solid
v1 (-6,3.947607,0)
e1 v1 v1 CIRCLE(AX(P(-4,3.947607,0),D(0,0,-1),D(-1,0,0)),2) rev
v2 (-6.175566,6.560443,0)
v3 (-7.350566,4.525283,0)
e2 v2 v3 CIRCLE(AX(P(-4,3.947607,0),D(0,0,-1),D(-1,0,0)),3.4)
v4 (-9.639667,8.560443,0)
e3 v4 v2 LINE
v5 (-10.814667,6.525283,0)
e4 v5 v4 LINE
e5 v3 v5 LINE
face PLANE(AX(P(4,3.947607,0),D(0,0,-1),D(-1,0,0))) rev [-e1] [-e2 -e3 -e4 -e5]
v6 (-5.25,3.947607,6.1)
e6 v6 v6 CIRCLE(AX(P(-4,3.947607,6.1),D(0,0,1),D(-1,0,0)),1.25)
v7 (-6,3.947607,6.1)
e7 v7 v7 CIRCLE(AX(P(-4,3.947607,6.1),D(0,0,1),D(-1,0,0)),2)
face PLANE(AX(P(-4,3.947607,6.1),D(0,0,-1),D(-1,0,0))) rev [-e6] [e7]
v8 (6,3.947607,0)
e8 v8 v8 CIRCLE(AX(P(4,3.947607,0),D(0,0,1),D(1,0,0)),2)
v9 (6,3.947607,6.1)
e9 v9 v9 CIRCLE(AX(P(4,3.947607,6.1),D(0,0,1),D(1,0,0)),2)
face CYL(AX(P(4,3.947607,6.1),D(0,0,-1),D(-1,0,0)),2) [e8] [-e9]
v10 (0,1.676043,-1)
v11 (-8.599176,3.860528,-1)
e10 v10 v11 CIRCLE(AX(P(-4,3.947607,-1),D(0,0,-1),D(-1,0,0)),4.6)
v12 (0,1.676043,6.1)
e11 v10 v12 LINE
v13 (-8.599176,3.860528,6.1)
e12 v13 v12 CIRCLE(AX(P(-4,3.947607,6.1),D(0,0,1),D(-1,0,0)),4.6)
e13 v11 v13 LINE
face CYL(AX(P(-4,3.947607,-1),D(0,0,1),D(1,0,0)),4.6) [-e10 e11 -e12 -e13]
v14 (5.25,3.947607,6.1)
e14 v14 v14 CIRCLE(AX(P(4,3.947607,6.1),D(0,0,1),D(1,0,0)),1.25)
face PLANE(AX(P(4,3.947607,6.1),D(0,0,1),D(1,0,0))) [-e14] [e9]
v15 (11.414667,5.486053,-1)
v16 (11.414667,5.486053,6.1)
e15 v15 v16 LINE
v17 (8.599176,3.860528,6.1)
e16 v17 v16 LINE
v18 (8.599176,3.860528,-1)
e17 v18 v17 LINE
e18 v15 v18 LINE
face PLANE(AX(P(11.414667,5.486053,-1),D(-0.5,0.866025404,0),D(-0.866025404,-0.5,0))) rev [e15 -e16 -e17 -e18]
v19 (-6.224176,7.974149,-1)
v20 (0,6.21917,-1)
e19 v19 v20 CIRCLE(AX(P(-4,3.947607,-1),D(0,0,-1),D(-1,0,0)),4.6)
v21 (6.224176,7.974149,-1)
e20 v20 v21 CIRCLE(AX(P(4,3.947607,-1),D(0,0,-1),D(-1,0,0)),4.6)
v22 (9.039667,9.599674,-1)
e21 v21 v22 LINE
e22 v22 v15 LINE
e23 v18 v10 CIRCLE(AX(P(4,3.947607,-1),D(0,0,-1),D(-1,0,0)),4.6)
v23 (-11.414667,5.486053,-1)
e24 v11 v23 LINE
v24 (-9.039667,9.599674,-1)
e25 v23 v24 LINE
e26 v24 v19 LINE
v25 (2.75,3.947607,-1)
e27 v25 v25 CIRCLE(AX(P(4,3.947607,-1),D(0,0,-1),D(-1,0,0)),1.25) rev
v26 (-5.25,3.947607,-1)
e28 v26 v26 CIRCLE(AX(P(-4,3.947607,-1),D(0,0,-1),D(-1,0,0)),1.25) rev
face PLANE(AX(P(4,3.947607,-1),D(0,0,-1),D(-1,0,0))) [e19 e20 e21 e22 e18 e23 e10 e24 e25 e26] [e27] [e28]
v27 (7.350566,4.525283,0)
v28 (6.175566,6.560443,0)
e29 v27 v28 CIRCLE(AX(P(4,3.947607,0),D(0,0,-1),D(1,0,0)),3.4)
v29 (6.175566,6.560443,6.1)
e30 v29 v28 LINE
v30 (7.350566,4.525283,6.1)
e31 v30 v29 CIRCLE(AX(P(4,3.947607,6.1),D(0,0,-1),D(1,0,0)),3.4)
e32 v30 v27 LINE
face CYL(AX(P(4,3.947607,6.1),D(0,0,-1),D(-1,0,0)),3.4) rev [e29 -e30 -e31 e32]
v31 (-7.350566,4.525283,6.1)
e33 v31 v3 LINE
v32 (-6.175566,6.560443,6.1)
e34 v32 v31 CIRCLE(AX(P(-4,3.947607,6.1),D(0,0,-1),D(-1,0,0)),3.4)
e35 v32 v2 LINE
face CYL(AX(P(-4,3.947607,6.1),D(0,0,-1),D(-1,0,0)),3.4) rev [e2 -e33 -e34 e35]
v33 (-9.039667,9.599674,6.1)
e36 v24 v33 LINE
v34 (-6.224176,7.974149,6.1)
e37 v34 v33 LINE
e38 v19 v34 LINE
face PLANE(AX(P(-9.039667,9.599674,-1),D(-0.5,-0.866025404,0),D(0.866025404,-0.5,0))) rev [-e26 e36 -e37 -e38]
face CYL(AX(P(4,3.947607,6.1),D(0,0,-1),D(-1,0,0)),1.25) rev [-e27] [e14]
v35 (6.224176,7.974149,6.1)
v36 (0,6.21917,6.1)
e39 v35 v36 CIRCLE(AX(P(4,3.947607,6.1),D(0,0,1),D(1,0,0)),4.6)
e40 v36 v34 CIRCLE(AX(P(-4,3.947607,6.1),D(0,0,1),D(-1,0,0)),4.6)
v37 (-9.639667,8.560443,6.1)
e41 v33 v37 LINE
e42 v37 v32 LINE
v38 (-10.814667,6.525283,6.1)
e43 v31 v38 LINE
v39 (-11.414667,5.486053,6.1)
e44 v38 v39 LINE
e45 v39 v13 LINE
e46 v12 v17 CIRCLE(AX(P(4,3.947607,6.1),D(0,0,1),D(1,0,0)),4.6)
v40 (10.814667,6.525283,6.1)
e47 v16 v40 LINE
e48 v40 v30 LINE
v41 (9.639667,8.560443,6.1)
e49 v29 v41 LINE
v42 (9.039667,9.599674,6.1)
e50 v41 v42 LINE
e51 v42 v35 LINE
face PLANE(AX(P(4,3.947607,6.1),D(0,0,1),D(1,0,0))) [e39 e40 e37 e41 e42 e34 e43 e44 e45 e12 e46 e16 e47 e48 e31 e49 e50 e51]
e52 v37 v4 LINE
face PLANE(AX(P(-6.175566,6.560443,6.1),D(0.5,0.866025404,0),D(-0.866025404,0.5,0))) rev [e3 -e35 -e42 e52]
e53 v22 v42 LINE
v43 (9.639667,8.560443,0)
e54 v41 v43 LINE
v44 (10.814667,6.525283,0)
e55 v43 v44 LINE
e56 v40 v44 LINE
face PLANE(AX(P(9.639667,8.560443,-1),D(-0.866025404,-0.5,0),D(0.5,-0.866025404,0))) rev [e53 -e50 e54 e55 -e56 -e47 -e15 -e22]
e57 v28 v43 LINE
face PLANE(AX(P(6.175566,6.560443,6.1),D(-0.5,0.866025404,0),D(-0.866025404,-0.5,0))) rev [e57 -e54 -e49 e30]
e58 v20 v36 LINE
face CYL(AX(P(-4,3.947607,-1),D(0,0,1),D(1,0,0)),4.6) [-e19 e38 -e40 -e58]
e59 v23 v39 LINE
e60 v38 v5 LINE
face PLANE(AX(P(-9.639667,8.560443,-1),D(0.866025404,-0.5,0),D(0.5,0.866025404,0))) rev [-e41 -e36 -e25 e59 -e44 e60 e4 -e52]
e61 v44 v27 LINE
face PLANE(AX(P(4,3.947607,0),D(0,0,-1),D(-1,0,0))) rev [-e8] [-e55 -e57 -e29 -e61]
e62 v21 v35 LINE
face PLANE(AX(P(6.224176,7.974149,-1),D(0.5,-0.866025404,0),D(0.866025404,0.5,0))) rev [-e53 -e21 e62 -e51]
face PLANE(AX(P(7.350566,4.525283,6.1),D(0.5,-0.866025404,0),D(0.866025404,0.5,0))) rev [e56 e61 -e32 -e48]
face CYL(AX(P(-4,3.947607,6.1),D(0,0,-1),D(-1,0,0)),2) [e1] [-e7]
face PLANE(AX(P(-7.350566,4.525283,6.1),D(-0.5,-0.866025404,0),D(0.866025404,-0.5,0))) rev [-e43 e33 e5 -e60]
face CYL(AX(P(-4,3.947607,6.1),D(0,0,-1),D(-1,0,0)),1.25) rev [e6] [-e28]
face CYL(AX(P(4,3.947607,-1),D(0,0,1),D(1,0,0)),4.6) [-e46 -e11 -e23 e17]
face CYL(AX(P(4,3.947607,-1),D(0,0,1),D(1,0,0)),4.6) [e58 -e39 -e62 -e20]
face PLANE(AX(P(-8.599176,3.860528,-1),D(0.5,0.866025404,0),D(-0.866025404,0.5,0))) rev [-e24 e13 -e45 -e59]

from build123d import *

# Parameters (mm, degrees)
SKETCH1_R             = 2
SKETCH1_R_2           = 1.25
BOSS_EXTRUDE1_DEPTH   = 6.1
BOSS_EXTRUDE1_2_DEPTH = 6.1
BOSS_EXTRUDE1_3_DEPTH = 6.1
BOSS_EXTRUDE2_DEPTH   = 1
CUT_EXTRUDE1_REACH    = 18.114
SKETCH6_R             = 1.25


with BuildPart() as part:
    # Sketch1 → Boss-Extrude1 (new body)
    with BuildSketch(Plane.XY):
        with Locations((4, 3.947606604)):
            Circle(SKETCH1_R)
        with Locations((4, 3.947606604)):
            Circle(SKETCH1_R_2, mode=Mode.SUBTRACT)
    extrude(amount=BOSS_EXTRUDE1_DEPTH)



with BuildPart() as body_2:
    # Sketch1 → Boss-Extrude1 2 (new body)
    with BuildSketch(Plane.XY):
        with Locations(Location((-4, 3.947606604, 0), (0, 0, 180))):
            Circle(SKETCH1_R)
        with Locations(Location((-4, 3.947606604, 0), (0, 0, 180))):
            Circle(SKETCH1_R_2, mode=Mode.SUBTRACT)
    extrude(amount=BOSS_EXTRUDE1_2_DEPTH)


with BuildPart() as body_3:
    # Sketch1 → Boss-Extrude1 3 (new body)
    with BuildSketch(Plane.XY):
        with BuildLine():
            Line((7.350565553, 4.525283395), (10.814667168, 6.525283395))
            Line((10.814667168, 6.525283395), (11.414667168, 5.486052911))
            Line((11.414667168, 5.486052911), (8.599175725, 3.860528168))
            ThreePointArc((8.599175725, 3.860528168), (5.132583975, -0.510784758), (0, 1.676043266))
            ThreePointArc((0, 1.676043266), (-5.132583975, -0.510784758), (-8.599175725, 3.860528168))
            Line((-8.599175725, 3.860528168), (-11.414667168, 5.486052911))
            Line((-11.414667168, 5.486052911), (-10.814667168, 6.525283395))
            Line((-10.814667168, 6.525283395), (-7.350565553, 4.525283395))
            ThreePointArc((-7.350565553, 4.525283395), (-1.055513627, 2.247606604), (-6.175565553, 6.560443094))
            Line((-6.175565553, 6.560443094), (-9.639667168, 8.560443094))
            Line((-9.639667168, 8.560443094), (-9.039667168, 9.599673579))
            Line((-9.039667168, 9.599673579), (-6.224175725, 7.974148836))
            ThreePointArc((-6.224175725, 7.974148836), (-2.751650813, 8.374978771), (0, 6.219169942))
            ThreePointArc((0, 6.219169942), (2.751650813, 8.374978771), (6.224175725, 7.974148836))
            Line((6.224175725, 7.974148836), (9.039667168, 9.599673579))
            Line((9.039667168, 9.599673579), (9.639667168, 8.560443094))
            Line((9.639667168, 8.560443094), (6.175565553, 6.560443094))
            ThreePointArc((6.175565553, 6.560443094), (1.055513627, 2.247606604), (7.350565553, 4.525283395))
        make_face()
    extrude(amount=BOSS_EXTRUDE1_3_DEPTH)


with BuildPart() as part_1:
    add(part.part)

    add(body_2.part)  # Boss-Extrude2 merges body 2

    add(body_3.part)  # Boss-Extrude2 merges body 3
    # Sketch2 → Boss-Extrude2 (add)
    with BuildSketch(Plane(origin=(0, 0, 0), x_dir=(-1, 0, 0), z_dir=(0, 0, -1))):
        with BuildLine():
            Line((-9.639667168, 8.560443094), (-10.814667168, 6.525283395))
            Line((-10.814667168, 6.525283395), (-11.414667168, 5.486052911))
            Line((-11.414667168, 5.486052911), (-8.599175725, 3.860528168))
            ThreePointArc((-8.599175725, 3.860528168), (-5.132583975, -0.510784758), (0, 1.676043266))
            ThreePointArc((0, 1.676043266), (5.132583975, -0.510784758), (8.599175725, 3.860528168))
            Line((8.599175725, 3.860528168), (11.414667168, 5.486052911))
            Line((11.414667168, 5.486052911), (10.814667168, 6.525283395))
            Line((10.814667168, 6.525283395), (9.639667168, 8.560443094))
            Line((9.639667168, 8.560443094), (9.039667168, 9.599673579))
            Line((9.039667168, 9.599673579), (6.224175725, 7.974148836))
            ThreePointArc((6.224175725, 7.974148836), (2.751650813, 8.374978771), (0, 6.219169942))
            ThreePointArc((0, 6.219169942), (-2.751650813, 8.374978771), (-6.224175725, 7.974148836))
            Line((-6.224175725, 7.974148836), (-9.039667168, 9.599673579))
            Line((-9.039667168, 9.599673579), (-9.639667168, 8.560443094))
        make_face()
    extrude(amount=BOSS_EXTRUDE2_DEPTH)

    # Sketch6 → Cut-Extrude1 (cut, up to next)
    with BuildSketch(Plane.XY, mode=Mode.PRIVATE) as cut_extrude1_sk1:
        with Locations(Location((4, 3.947606604, 0), (0, 0, 180))):
            Circle(SKETCH6_R)
    cut_extrude1_tool1 = extrude(cut_extrude1_sk1.sketch, amount=-CUT_EXTRUDE1_REACH, mode=Mode.PRIVATE) & part_1.part
    # Sketch6 → Cut-Extrude1 (cut, up to next)
    with BuildSketch(Plane.XY, mode=Mode.PRIVATE) as cut_extrude1_sk2:
        with Locations(Location((-4, 3.947606604, 0), (0, 0, 180))):
            Circle(SKETCH6_R)
    cut_extrude1_tool2 = extrude(cut_extrude1_sk2.sketch, amount=-CUT_EXTRUDE1_REACH, mode=Mode.PRIVATE) & part_1.part
    add(cut_extrude1_tool1.solids().sort_by_distance((4, 3.947607, 0))[0], mode=Mode.SUBTRACT)
    add(cut_extrude1_tool2.solids().sort_by_distance((-4, 3.947607, 0))[0], mode=Mode.SUBTRACT)


solid = part_1.part
